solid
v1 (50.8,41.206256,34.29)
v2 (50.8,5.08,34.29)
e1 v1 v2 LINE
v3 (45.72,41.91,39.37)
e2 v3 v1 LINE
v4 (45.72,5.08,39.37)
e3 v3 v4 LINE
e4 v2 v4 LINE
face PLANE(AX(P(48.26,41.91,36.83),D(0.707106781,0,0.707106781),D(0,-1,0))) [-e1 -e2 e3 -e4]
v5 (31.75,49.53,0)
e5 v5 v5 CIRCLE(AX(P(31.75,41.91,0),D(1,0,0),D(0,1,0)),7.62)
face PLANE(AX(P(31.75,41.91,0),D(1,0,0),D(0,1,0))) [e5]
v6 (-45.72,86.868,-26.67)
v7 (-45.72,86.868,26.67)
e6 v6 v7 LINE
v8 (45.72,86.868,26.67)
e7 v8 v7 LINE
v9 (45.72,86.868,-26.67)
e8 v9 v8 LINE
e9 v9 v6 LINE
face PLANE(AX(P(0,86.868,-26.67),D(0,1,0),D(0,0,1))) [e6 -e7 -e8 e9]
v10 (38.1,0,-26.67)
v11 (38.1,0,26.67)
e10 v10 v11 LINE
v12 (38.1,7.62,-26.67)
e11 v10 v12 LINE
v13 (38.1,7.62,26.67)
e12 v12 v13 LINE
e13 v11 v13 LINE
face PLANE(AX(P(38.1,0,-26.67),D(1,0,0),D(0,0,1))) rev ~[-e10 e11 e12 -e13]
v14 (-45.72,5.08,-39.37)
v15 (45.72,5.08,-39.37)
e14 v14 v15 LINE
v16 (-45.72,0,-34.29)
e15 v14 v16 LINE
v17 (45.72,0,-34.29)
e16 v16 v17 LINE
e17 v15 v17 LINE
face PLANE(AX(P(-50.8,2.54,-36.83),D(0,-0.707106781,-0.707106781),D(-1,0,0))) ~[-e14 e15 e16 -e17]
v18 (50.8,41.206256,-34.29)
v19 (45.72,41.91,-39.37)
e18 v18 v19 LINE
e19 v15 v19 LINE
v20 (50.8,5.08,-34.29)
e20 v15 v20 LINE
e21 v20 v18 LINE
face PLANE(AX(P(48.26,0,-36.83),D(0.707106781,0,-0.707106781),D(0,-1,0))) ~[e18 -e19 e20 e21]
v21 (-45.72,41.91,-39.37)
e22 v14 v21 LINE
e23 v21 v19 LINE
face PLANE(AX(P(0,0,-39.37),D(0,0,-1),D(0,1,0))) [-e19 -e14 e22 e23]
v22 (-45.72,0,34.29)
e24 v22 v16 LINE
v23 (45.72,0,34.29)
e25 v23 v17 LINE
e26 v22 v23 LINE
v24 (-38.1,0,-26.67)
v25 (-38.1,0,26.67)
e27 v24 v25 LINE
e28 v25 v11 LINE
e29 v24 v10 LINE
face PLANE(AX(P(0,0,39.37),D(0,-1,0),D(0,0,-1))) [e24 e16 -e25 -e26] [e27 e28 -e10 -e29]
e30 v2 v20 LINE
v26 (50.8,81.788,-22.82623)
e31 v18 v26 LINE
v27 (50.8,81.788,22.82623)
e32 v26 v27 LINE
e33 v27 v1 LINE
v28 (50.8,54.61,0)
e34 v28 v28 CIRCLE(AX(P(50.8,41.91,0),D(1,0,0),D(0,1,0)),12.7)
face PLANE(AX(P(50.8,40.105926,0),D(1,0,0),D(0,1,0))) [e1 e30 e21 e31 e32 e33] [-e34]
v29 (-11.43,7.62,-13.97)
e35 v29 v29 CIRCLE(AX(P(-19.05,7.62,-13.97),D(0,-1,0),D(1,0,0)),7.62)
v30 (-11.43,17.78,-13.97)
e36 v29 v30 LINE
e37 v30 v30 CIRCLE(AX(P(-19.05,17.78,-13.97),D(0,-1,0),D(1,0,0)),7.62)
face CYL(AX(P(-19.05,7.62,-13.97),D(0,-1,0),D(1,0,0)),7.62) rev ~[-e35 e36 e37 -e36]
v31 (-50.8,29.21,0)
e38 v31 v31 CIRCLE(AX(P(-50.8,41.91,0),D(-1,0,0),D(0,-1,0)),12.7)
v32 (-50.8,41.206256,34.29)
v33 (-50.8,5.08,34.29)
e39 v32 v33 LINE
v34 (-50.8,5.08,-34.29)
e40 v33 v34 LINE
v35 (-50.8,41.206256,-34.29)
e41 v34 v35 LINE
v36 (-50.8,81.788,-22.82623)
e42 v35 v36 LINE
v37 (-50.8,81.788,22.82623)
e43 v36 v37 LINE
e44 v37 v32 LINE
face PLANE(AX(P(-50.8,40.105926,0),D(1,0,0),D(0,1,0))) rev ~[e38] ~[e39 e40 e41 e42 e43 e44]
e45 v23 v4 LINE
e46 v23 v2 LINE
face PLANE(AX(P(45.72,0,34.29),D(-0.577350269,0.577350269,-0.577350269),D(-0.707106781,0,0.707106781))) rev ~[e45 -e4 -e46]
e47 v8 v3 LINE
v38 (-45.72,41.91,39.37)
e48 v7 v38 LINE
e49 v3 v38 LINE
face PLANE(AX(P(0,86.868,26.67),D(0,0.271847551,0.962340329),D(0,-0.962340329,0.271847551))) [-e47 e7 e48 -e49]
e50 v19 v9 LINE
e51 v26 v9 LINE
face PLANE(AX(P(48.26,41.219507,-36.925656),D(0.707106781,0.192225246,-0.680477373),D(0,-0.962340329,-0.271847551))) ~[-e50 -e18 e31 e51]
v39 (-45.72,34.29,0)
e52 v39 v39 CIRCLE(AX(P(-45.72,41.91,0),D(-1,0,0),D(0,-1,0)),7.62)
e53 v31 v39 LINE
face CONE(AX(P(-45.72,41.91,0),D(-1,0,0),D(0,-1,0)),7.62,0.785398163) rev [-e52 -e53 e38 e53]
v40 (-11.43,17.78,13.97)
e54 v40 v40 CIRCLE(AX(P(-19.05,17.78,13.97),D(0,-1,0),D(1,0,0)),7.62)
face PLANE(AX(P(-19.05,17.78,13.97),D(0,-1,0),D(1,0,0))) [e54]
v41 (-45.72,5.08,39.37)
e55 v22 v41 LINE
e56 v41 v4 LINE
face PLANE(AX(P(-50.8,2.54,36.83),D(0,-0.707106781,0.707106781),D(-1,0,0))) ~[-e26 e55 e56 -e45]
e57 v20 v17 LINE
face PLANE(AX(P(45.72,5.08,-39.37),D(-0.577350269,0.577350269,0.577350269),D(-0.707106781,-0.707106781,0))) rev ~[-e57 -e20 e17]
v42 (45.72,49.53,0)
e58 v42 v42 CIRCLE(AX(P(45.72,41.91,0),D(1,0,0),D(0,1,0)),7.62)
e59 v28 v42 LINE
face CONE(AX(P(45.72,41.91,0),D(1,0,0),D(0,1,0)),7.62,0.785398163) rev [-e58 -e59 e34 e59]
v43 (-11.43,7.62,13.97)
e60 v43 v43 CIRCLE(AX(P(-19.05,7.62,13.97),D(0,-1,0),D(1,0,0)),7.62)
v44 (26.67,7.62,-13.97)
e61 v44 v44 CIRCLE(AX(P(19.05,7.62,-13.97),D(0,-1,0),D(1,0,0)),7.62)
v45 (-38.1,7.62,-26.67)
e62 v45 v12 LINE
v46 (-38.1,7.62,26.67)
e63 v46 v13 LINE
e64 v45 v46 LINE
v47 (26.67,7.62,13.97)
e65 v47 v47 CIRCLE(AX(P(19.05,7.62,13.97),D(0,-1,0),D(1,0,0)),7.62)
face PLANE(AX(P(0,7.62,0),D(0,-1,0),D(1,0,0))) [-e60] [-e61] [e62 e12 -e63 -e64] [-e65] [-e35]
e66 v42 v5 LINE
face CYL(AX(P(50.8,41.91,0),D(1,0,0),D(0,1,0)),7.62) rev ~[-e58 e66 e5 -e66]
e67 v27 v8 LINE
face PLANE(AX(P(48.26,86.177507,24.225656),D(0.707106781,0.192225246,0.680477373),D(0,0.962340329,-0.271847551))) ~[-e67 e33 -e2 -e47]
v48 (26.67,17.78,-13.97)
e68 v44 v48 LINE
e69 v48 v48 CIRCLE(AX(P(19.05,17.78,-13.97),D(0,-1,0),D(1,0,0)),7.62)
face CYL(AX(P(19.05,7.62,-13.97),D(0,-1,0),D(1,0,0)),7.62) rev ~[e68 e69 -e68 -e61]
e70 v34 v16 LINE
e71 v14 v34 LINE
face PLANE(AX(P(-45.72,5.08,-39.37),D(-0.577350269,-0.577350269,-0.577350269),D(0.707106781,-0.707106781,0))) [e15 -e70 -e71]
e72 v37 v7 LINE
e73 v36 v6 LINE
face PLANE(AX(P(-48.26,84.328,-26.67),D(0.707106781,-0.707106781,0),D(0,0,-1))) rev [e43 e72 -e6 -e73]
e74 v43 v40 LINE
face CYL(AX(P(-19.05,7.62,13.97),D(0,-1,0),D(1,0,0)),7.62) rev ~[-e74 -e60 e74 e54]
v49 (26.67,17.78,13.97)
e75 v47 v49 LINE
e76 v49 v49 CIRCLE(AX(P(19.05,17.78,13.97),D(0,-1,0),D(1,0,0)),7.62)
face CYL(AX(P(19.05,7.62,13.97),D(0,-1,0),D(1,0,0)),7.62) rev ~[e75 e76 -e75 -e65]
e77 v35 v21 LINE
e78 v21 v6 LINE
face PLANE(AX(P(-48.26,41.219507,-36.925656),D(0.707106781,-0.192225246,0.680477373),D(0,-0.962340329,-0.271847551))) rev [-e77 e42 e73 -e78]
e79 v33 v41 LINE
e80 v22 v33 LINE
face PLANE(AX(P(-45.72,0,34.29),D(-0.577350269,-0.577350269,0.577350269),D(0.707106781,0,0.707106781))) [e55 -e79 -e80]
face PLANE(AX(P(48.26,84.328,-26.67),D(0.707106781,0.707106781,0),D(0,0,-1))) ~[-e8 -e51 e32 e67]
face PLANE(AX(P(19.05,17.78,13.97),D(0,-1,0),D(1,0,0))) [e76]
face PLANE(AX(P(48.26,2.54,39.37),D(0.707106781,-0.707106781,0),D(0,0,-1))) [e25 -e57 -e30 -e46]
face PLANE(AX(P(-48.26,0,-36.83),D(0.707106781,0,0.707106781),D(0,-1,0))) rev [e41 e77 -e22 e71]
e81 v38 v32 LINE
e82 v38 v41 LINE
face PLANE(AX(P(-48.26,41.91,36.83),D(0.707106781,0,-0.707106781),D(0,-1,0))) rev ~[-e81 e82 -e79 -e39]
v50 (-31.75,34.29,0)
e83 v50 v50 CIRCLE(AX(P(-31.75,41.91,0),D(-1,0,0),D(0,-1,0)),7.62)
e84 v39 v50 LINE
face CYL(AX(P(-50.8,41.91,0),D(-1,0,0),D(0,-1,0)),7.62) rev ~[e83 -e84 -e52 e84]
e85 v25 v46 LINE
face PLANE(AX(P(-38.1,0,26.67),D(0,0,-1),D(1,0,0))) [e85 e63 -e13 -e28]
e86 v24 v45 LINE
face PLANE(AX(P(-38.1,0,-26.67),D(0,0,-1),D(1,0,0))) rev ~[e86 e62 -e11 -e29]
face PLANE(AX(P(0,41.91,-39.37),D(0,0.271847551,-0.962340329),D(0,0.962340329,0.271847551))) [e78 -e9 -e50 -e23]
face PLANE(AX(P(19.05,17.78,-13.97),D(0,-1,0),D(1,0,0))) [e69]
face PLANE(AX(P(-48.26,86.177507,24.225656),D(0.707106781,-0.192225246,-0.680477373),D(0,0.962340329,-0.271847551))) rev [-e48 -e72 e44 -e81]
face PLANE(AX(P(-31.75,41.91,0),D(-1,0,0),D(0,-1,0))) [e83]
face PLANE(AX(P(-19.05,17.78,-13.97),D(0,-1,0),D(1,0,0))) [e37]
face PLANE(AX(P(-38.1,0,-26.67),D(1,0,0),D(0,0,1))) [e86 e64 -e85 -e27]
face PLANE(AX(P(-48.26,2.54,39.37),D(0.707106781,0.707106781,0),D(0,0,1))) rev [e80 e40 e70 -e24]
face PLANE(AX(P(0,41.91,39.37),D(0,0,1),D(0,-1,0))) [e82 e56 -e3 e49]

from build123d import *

# Parameters (mm, degrees)
F1_DEPTH = 50.8
F2_W     = 76.2
F2_H     = 53.34
F3_DEPTH = 7.62
F4_R     = 7.62
F5_DEPTH = 10.16
F6_R     = 7.62
F7_DEPTH = 19.05
F8_R     = 7.62
F9_DEPTH = 19.05
F10_SIZE = 5.08


with BuildPart() as f1:
    # F0 (on Right) → F1 (new body, symmetric)
    with BuildSketch(Plane.YZ):
        Polygon((41.91, 39.37), (0, 39.37), (0, 0), (0, -39.37), (41.91, -39.37), (86.868, -26.67), (86.868, 0), (86.868, 26.67), align=None)
    extrude(amount=F1_DEPTH, both=True)

    # F2 (on face) → F3 (cut)
    with BuildSketch(Plane.XZ):
        Rectangle(F2_W, F2_H)
    extrude(amount=-F3_DEPTH, mode=Mode.SUBTRACT)

    # F4 (on face) → F5 (cut)
    with BuildSketch(Plane.XZ.offset(-7.62)):
        with Locations((-19.05, 13.97)):
            Circle(F4_R)
        with Locations((19.05, 13.97)):
            Circle(F4_R)
        with Locations((-19.05, -13.97)):
            Circle(F4_R)
        with Locations((19.05, -13.97)):
            Circle(F4_R)
    extrude(amount=-F5_DEPTH, mode=Mode.SUBTRACT)

    # F6 (on face) → F7 (cut)
    with BuildSketch(Plane.YZ.offset(50.8)):
        with Locations((41.91, 0)):
            Circle(F6_R)
    extrude(amount=-F7_DEPTH, mode=Mode.SUBTRACT)

    # F8 (on face) → F9 (cut)
    with BuildSketch(Plane(origin=(-50.8, 0, 0), x_dir=(0, -1, 0), z_dir=(-1, 0, 0))):
        with Locations((-41.91, 0)):
            Circle(F8_R)
    extrude(amount=-F9_DEPTH, mode=Mode.SUBTRACT)

    # F10
    f10_edges = [f1.edges().sort_by_distance(p)[0] for p in [
        (50.8, 20.955, 39.37),
        (50.8, 64.389, 33.02),
        (50.8, 0, 0),
        (50.8, 86.868, 0),
        (50.8, 20.955, -39.37),
        (50.8, 64.389, -33.02),
        (50.8, 34.29, 0),
        (-50.8, 20.955, 39.37),
        (-50.8, 64.389, 33.02),
        (-50.8, 0, 0),
        (-50.8, 86.868, 0),
        (-50.8, 20.955, -39.37),
        (-50.8, 64.389, -33.02),
        (-50.8, 49.53, 0),
        (0, 0, 39.37),
        (0, 0, -39.37),
    ]]
    chamfer(f10_edges, length=F10_SIZE)


solid = f1.part
